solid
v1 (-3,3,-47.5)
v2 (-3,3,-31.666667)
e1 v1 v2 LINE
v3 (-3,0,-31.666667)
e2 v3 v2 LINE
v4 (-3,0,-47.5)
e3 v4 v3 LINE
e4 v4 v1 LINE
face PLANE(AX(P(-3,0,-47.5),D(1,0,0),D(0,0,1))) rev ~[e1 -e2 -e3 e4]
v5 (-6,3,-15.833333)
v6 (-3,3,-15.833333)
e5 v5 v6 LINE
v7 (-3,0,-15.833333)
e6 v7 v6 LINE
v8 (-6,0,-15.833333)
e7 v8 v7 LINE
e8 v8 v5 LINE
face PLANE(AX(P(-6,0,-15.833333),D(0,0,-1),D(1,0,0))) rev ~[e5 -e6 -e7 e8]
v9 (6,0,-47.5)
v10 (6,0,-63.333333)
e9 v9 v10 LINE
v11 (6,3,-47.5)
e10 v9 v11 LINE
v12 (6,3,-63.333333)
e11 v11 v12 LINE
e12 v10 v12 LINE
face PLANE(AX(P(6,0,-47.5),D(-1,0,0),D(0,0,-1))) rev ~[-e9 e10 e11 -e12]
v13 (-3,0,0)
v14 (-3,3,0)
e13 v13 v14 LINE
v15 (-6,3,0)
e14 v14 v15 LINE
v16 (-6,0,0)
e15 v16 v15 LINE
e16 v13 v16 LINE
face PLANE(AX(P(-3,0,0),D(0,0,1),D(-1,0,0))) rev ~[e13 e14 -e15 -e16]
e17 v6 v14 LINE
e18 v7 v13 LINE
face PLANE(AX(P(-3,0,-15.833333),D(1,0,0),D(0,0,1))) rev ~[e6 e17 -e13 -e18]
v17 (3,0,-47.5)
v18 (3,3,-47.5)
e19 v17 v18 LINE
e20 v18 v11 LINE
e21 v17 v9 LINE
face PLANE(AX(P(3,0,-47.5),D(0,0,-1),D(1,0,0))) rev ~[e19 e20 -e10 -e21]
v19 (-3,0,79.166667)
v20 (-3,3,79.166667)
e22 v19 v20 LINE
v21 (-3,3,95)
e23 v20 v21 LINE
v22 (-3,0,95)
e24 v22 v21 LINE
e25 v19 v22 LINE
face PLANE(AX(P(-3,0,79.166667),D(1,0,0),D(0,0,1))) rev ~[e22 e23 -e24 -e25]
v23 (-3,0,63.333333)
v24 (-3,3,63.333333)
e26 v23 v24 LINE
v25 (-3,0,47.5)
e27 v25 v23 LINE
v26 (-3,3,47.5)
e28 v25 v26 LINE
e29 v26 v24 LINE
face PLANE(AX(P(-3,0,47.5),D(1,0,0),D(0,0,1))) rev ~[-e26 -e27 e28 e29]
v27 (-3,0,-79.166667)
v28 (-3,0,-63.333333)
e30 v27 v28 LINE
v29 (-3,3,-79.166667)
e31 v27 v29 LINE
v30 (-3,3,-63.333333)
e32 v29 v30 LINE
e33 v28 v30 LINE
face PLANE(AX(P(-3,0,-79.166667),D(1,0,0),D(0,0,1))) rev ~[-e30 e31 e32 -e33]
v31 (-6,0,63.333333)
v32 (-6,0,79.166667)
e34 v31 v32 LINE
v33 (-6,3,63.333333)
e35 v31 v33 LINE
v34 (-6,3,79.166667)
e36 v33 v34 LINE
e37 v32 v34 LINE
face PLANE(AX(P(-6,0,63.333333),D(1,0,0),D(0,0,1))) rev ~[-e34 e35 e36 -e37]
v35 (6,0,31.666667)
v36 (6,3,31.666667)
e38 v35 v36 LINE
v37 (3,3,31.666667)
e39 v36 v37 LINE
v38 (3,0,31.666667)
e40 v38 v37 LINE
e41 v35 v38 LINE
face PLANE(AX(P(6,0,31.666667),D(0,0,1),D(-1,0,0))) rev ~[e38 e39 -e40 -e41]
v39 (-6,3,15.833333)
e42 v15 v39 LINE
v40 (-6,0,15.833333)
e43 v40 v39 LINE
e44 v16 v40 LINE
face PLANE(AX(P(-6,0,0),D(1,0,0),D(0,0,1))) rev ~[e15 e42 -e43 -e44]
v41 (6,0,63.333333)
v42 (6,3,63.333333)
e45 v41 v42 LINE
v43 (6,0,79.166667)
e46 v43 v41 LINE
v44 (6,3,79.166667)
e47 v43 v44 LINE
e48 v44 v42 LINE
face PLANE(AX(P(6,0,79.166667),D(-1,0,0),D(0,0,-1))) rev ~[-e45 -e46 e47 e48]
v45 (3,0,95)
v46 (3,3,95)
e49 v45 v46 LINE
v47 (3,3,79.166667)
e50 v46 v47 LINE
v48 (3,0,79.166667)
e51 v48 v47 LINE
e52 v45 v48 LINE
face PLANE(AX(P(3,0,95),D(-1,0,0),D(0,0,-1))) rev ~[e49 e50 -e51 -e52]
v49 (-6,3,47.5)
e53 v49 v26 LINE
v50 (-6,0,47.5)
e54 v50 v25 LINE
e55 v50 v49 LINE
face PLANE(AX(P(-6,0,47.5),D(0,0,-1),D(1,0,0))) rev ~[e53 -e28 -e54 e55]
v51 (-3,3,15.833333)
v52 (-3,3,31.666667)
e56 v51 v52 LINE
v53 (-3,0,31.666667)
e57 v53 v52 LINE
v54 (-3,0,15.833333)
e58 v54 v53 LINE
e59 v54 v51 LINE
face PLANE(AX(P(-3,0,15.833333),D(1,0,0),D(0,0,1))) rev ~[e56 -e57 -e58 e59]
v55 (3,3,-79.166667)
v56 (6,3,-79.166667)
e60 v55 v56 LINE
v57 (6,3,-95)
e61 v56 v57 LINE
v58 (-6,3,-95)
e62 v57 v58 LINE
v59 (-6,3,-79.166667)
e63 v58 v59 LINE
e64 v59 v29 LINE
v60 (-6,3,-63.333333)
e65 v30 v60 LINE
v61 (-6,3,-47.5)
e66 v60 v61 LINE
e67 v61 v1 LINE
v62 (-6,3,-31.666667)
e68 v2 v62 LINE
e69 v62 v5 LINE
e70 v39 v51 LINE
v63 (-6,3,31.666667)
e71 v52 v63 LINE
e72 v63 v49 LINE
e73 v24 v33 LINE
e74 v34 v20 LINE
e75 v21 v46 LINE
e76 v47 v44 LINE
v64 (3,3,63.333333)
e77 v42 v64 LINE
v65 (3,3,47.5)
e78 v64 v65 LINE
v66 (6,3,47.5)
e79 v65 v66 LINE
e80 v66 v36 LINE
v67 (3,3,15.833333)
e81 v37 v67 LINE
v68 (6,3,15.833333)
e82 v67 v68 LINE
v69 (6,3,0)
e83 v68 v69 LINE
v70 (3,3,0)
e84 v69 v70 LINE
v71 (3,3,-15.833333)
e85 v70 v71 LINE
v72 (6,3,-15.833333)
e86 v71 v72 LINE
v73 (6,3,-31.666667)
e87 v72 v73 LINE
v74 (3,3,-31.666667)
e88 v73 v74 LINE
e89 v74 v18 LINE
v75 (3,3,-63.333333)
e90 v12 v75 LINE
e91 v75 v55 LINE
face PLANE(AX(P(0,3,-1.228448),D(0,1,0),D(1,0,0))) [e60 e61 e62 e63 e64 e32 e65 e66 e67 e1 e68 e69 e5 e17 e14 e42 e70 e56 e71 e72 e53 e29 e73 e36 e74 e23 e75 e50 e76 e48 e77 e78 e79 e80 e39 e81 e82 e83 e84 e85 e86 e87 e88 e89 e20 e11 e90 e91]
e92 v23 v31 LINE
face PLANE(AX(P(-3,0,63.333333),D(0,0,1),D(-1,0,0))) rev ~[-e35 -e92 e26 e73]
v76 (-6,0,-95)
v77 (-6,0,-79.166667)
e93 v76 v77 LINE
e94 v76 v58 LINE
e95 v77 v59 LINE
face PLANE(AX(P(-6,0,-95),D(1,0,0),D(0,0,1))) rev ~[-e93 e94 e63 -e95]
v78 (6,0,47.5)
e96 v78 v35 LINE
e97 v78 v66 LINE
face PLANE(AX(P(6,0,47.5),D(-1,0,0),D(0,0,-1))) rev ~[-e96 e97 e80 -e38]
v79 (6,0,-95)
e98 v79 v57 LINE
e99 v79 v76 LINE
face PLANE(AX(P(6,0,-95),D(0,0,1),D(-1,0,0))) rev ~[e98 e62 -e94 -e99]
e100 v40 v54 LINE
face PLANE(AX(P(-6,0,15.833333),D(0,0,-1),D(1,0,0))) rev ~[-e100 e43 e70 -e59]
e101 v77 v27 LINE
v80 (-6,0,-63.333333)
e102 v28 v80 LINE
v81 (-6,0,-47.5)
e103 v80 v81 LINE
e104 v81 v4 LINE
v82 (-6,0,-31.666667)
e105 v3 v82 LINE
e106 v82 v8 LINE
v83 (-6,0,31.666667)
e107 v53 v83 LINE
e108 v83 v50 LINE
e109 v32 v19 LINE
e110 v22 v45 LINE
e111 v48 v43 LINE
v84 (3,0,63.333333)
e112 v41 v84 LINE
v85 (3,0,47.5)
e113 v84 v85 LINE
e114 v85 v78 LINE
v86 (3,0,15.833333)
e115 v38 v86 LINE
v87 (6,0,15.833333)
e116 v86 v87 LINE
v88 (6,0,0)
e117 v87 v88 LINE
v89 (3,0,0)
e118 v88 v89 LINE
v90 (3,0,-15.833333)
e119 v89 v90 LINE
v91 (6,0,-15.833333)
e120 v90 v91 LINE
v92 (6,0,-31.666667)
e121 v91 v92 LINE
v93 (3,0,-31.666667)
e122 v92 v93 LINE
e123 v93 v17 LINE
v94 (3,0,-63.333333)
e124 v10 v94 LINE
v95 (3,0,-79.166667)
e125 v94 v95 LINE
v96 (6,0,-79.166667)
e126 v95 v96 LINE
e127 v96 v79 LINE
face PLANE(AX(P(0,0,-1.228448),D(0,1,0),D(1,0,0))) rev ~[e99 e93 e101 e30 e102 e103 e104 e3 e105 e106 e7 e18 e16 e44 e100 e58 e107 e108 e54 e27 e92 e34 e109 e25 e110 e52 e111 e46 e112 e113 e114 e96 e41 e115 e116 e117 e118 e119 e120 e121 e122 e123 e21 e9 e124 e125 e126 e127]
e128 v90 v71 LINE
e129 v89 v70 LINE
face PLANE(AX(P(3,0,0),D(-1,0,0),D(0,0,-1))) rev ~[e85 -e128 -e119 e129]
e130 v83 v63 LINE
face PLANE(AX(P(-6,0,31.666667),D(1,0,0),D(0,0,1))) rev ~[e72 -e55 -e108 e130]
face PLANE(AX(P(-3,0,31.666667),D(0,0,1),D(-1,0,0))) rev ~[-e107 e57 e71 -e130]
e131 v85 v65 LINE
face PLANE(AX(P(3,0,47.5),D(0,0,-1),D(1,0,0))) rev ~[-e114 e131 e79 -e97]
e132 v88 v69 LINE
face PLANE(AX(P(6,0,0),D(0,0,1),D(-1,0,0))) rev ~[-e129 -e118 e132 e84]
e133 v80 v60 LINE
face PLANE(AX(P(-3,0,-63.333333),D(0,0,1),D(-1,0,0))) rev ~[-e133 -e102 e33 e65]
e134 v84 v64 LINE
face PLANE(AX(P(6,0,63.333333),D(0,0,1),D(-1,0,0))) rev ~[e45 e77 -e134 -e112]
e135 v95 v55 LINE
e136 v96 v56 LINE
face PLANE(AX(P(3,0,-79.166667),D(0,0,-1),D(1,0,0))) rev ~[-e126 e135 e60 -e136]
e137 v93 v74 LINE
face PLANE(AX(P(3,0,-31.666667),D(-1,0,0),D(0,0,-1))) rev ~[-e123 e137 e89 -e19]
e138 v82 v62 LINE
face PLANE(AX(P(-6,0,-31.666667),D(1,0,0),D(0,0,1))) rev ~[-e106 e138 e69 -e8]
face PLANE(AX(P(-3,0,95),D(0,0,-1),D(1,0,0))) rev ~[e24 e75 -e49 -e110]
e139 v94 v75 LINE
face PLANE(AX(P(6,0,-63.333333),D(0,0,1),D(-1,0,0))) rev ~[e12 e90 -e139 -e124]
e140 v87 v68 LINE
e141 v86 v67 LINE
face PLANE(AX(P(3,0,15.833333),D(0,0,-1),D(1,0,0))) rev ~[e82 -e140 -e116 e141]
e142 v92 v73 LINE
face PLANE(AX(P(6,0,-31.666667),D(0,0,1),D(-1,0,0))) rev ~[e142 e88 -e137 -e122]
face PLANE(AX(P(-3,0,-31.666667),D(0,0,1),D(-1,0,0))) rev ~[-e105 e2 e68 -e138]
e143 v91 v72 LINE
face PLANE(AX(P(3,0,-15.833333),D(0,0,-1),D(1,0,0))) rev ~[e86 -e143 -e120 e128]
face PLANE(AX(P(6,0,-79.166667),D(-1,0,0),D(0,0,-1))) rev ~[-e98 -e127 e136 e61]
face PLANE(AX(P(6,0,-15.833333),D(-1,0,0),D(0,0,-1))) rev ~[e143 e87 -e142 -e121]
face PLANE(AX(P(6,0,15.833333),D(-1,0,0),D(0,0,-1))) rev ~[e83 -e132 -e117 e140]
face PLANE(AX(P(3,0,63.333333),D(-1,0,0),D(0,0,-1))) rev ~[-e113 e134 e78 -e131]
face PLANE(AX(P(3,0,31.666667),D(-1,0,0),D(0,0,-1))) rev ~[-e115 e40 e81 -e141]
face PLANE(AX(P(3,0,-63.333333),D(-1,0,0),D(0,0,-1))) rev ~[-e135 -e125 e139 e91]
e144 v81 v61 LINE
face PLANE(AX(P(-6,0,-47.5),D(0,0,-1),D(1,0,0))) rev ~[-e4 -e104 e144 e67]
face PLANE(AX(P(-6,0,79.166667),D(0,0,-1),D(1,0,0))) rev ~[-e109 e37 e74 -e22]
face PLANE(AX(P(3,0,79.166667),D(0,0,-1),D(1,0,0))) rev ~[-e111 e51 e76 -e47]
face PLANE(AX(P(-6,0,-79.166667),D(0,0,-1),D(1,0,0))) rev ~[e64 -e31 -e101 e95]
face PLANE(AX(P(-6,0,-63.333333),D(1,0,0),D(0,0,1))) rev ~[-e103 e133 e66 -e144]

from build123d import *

# Parameters (mm, degrees)
BOSS_EXTRUDE1_DEPTH = 3


with BuildPart() as part:
    # Sketch2 → Boss-Extrude1 (new body)
    with BuildSketch(Plane(origin=(0, 0, 0), x_dir=(1, 0, 0), z_dir=(0, 1, 0))):
        Polygon((-3, -79.166666667), (-3, -95), (3, -95), (3, -79.166666667), (6, -79.166666667), (6, -63.333333333), (3, -63.333333333), (3, -47.5), (6, -47.5), (6, -31.666666667), (3, -31.666666667), (3, -15.833333333), (6, -15.833333333), (6, 0), (3, 0), (3, 15.833333333), (6, 15.833333333), (6, 31.666666667), (3, 31.666666667), (3, 47.5), (6, 47.5), (6, 63.333333333), (3, 63.333333333), (3, 79.166666667), (6, 79.166666667), (6, 95), (-6, 95), (-6, 79.166666667), (-3, 79.166666667), (-3, 63.333333333), (-6, 63.333333333), (-6, 47.5), (-3, 47.5), (-3, 31.666666667), (-6, 31.666666667), (-6, 15.833333333), (-3, 15.833333333), (-3, 0), (-6, 0), (-6, -15.833333333), (-3, -15.833333333), (-3, -31.666666667), (-6, -31.666666667), (-6, -47.5), (-3, -47.5), (-3, -63.333333333), (-6, -63.333333333), (-6, -79.166666667), align=None)
    extrude(amount=BOSS_EXTRUDE1_DEPTH)


solid = part.part
